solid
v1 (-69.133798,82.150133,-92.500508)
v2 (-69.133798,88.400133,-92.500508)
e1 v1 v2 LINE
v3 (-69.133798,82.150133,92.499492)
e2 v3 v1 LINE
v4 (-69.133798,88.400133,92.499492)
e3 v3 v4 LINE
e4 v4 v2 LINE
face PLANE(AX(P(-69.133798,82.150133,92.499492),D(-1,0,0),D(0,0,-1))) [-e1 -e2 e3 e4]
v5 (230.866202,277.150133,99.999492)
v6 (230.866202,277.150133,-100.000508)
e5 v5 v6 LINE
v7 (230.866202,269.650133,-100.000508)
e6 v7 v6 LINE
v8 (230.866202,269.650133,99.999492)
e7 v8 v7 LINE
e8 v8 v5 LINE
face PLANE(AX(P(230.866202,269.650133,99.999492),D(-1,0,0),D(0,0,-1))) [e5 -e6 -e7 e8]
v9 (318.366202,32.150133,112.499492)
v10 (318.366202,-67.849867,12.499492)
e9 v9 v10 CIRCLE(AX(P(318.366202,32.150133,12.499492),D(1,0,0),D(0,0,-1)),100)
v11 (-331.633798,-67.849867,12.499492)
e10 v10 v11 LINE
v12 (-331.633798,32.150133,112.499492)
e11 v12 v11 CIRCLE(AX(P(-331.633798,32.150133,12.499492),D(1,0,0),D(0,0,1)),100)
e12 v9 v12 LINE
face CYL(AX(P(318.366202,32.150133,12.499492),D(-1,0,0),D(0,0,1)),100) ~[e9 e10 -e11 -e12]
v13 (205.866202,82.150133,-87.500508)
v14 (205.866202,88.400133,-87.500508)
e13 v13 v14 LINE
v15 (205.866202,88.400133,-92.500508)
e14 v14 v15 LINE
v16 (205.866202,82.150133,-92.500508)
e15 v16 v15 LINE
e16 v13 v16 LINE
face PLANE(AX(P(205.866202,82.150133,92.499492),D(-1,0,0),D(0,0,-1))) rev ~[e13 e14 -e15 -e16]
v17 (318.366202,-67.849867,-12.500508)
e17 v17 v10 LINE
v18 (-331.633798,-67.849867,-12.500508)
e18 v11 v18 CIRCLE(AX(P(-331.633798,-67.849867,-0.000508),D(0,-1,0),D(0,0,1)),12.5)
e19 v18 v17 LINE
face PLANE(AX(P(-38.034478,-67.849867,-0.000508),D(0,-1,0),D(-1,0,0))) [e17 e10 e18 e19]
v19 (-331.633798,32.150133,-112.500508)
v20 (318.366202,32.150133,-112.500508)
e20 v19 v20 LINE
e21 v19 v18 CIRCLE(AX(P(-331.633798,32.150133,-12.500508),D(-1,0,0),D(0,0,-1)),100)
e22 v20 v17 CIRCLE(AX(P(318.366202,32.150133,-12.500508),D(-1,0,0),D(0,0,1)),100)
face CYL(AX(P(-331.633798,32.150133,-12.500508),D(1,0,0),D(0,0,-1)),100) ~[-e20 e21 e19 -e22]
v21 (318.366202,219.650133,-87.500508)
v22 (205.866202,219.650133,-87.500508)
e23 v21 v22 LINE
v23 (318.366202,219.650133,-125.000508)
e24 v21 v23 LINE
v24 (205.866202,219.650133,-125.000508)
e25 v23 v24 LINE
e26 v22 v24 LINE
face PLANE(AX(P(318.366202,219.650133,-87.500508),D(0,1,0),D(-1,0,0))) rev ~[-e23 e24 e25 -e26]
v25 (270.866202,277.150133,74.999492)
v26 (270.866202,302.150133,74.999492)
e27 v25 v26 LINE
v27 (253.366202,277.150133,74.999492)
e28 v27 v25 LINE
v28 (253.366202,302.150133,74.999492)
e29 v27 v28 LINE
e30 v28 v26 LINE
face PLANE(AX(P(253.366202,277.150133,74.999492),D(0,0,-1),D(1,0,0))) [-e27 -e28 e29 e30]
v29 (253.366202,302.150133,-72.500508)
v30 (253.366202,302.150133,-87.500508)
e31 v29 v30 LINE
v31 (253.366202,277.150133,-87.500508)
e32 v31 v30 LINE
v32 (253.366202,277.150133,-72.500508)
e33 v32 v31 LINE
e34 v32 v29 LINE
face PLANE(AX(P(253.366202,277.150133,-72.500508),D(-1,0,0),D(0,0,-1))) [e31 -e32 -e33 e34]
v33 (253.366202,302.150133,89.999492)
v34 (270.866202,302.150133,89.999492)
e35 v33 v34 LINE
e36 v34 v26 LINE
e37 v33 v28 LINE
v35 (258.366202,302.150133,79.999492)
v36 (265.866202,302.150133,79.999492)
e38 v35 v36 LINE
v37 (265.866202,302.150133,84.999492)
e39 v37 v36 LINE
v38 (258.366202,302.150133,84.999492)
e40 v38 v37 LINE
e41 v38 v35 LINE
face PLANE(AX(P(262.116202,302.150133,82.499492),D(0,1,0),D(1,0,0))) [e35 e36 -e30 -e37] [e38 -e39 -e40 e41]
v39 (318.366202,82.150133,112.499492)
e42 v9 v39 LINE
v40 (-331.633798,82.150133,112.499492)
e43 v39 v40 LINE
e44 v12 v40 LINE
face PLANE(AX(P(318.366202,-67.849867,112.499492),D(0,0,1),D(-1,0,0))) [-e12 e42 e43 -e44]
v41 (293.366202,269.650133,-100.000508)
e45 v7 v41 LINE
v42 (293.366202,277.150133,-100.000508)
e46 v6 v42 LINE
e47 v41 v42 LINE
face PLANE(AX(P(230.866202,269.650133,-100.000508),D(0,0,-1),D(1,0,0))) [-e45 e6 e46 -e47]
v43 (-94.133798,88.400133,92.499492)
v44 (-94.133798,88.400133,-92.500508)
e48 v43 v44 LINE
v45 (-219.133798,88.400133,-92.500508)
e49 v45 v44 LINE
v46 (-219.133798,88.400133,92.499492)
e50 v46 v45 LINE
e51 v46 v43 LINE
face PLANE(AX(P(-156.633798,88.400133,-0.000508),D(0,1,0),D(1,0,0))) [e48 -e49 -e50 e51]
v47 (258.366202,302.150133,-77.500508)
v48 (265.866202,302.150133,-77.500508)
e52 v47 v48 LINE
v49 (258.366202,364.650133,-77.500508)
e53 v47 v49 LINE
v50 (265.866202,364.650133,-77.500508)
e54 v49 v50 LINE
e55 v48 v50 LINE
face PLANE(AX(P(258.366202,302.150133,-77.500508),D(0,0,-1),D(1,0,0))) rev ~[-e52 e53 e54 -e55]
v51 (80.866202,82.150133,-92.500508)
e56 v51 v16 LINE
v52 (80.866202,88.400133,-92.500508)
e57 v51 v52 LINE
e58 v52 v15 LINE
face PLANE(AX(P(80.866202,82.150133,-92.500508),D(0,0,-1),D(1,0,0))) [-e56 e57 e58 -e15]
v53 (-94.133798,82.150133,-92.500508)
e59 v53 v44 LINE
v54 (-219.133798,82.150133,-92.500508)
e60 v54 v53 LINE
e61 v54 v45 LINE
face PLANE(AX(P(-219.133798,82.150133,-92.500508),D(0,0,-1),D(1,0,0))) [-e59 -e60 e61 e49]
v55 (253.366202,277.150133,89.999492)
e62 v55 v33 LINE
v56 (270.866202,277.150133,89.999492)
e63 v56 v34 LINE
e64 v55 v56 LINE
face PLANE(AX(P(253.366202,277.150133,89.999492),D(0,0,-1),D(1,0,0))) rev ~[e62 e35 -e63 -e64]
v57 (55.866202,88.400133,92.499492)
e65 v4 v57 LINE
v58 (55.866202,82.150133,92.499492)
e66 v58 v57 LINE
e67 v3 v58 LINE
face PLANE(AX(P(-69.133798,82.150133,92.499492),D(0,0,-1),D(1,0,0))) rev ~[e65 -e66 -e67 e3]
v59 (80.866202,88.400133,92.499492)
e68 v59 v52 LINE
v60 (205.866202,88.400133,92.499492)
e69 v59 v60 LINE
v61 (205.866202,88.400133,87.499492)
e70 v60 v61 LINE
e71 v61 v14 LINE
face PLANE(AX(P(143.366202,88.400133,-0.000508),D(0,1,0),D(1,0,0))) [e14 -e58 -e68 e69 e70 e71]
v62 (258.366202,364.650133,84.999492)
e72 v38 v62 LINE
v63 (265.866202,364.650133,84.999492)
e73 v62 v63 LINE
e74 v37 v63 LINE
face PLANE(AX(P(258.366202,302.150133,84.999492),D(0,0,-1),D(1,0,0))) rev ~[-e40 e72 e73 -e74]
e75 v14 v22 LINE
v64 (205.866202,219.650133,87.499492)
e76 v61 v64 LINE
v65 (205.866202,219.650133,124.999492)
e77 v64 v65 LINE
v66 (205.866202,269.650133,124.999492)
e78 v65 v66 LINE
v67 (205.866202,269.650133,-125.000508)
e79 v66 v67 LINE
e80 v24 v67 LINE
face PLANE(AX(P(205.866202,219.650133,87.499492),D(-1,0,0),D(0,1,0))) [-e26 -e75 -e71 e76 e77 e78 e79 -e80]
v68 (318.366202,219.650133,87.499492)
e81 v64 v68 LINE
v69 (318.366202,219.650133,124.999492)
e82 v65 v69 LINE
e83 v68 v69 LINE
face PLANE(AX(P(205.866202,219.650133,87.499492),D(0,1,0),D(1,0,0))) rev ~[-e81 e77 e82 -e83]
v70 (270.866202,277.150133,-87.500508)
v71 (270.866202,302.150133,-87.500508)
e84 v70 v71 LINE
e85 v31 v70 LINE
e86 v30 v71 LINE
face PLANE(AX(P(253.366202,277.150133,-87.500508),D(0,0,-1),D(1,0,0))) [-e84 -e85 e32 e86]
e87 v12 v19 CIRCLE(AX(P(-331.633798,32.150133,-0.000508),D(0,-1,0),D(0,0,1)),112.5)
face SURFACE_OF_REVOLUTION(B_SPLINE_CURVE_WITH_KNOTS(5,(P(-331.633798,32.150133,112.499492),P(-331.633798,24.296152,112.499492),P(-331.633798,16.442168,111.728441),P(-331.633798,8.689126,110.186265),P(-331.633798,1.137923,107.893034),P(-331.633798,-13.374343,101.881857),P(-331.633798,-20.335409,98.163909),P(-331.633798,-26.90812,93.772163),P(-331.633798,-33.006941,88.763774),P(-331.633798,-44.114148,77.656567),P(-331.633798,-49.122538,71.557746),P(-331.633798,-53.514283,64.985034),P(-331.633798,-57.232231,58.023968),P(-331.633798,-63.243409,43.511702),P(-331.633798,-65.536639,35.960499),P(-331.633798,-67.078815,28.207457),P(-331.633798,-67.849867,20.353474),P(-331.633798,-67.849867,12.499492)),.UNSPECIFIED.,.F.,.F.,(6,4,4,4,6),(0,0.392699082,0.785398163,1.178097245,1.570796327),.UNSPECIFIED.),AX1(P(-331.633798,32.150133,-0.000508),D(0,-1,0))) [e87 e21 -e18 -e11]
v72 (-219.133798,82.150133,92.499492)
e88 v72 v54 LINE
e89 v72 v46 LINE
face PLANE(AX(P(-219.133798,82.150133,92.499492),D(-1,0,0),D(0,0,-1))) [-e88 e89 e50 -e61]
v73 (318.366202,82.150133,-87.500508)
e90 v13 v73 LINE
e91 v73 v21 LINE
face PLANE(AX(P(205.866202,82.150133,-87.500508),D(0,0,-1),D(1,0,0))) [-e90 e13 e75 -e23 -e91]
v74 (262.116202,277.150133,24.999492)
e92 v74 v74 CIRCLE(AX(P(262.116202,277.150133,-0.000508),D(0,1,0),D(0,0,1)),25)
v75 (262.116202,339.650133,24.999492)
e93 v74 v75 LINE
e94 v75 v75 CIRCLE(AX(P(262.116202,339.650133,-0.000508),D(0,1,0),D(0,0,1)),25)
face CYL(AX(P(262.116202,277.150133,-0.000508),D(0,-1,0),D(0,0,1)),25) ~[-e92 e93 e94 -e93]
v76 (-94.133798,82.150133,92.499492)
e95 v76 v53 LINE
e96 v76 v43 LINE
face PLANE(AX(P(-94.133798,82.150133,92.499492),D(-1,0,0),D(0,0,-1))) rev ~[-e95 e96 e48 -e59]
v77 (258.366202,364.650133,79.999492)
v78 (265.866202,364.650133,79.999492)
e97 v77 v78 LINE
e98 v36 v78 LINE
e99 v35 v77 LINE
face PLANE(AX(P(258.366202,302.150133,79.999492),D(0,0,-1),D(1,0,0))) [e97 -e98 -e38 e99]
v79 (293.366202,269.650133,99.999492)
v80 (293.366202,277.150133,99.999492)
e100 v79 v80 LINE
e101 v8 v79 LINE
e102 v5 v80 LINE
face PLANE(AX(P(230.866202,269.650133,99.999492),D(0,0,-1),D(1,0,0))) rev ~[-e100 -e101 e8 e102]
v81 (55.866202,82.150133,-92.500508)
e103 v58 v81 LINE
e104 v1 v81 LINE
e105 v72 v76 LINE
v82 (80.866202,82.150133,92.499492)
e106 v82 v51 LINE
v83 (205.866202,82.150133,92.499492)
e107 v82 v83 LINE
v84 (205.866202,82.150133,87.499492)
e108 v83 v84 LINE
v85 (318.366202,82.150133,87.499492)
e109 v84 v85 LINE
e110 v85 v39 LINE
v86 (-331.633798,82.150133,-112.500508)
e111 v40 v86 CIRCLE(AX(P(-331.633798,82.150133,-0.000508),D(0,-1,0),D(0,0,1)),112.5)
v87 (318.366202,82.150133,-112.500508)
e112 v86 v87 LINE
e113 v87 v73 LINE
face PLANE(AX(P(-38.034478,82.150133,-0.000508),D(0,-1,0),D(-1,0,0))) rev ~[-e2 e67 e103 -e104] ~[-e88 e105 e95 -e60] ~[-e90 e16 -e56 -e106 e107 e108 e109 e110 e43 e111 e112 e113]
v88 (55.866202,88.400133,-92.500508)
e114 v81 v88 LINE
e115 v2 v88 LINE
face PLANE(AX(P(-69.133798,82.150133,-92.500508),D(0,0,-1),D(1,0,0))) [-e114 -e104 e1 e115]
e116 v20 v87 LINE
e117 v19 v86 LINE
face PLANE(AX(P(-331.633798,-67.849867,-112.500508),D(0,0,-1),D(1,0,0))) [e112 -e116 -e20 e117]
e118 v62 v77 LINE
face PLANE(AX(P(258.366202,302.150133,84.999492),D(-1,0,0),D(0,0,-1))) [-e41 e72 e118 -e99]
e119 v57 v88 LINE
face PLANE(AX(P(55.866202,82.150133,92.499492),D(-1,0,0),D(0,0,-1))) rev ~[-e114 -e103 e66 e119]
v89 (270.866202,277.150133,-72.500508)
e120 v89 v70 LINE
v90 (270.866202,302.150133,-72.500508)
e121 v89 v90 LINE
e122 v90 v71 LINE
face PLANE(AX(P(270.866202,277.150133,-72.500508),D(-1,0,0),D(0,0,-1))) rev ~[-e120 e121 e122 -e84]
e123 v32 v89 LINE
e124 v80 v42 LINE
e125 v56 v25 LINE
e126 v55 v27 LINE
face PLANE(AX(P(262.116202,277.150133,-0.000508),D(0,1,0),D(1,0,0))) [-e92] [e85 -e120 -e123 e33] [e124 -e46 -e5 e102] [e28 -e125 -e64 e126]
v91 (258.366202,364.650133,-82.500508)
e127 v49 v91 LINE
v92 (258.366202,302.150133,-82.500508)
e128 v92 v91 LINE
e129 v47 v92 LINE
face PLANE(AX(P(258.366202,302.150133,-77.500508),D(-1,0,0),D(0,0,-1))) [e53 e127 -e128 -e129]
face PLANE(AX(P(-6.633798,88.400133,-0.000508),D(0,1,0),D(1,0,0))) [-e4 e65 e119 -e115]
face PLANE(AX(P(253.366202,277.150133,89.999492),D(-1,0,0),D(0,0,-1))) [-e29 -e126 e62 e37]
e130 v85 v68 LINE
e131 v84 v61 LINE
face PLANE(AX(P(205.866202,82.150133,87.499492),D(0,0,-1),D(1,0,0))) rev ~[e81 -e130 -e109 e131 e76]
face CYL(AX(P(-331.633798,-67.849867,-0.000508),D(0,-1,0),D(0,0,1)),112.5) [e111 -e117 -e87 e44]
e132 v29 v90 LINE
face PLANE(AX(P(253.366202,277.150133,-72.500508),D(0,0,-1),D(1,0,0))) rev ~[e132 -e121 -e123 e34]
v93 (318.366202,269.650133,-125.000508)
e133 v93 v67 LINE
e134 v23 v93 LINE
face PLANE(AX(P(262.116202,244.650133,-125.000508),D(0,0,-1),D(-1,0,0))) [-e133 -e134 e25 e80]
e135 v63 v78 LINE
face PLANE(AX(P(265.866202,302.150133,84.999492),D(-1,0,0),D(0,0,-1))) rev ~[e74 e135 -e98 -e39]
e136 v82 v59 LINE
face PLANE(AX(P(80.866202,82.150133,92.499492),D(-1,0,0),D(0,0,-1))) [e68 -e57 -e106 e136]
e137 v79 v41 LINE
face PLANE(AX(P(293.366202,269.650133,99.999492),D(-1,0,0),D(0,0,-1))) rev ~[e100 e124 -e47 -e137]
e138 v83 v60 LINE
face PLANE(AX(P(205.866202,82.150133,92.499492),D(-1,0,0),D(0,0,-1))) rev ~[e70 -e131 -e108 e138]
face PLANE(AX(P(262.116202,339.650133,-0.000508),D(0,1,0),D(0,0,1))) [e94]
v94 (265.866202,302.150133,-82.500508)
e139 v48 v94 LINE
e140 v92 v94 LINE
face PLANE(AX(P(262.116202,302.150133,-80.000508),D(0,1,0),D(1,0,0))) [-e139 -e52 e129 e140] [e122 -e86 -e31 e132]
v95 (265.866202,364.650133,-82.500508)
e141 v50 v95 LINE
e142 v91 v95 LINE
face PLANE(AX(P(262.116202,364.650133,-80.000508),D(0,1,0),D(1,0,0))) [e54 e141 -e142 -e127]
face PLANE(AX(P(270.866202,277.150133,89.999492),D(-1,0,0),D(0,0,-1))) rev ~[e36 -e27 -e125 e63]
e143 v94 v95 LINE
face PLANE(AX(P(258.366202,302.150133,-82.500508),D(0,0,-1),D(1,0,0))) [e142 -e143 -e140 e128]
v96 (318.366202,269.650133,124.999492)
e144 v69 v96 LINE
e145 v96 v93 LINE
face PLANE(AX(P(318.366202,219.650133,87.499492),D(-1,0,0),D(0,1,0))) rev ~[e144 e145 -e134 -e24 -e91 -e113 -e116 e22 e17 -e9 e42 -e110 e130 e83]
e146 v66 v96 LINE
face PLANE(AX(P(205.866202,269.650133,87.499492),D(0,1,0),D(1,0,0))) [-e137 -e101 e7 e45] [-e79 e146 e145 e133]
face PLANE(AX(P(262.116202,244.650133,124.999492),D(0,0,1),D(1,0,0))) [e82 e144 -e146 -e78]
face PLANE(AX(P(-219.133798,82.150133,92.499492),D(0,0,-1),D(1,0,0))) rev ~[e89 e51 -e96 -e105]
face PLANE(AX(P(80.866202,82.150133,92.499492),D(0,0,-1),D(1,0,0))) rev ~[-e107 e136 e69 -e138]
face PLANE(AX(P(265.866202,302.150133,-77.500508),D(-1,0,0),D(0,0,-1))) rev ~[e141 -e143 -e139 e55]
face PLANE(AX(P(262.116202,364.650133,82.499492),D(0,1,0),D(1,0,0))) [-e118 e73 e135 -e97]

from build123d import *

# Parameters (mm, degrees)
SALIENTE_EXTRUIR1_DEPTH  = 60
REDONDEO2_R              = 40
CROQUIS3_W               = 45
CROQUIS3_H               = 70
SALIENTE_EXTRUIR2_DEPTH  = 75
CROQUIS6_W               = 45
CROQUIS6_H               = 20
SALIENTE_EXTRUIR5_DEPTH  = 15
CROQUIS7_W               = 45
CROQUIS7_H               = 20
SALIENTE_EXTRUIR6_DEPTH  = 15
CROQUIS8_W               = 50
CROQUIS8_H               = 74
SALIENTE_EXTRUIR7_DEPTH  = 2.5
CROQUIS9_W               = 25
CROQUIS9_H               = 80
SALIENTE_EXTRUIR8_DEPTH  = 3
CROQUIS10_W              = 7
CROQUIS10_H              = 6
SALIENTE_EXTRUIR9_DEPTH  = 10
CROQUIS12_W              = 3
CROQUIS12_H              = 2
SALIENTE_EXTRUIR10_DEPTH = 25
MATRIZL1_COUNT           = 2
MATRIZL1_PITCH           = 65
CROQUIS13_R              = 10
SALIENTE_EXTRUIR11_DEPTH = 25
ESCALA3_SCALE            = 2.5


with BuildPart() as part:
    # Croquis2 → Saliente-Extruir1 (new body)
    with BuildSketch(Plane(origin=(0, 0, 0), x_dir=(1, 0, 0), z_dir=(0, 1, 0))):
        with BuildLine():
            Line((130, -45), (-130, -45))
            ThreePointArc((-130, -45), (-175, 0), (-130, 45))
            Line((-130, 45), (130, 45))
            Line((130, 45), (130, -45))
        make_face()
    extrude(amount=SALIENTE_EXTRUIR1_DEPTH)

    # Redondeo2
    redondeo2_edges = [part.edges().sort_by_distance(p)[0] for p in [
        (0, 0, -45),
        (0, 0, 45),
        (-175, 0, 0),
    ]]
    fillet(redondeo2_edges, radius=REDONDEO2_R)

    # Croquis3 → Saliente-Extruir2 (add)
    with BuildSketch(Plane(origin=(0, 60, 0), x_dir=(1, 0, 0), z_dir=(0, 1, 0))):
        with Locations((107.5, 0)):
            Rectangle(CROQUIS3_W, CROQUIS3_H)
    extrude(amount=SALIENTE_EXTRUIR2_DEPTH)

    # Croquis6 → Saliente-Extruir5 (add)
    with BuildSketch(Plane(origin=(0, 0, -35), x_dir=(-1, 0, 0), z_dir=(0, 0, -1))):
        with Locations((-107.5, 125)):
            Rectangle(CROQUIS6_W, CROQUIS6_H)
    extrude(amount=SALIENTE_EXTRUIR5_DEPTH)

    # Croquis7 → Saliente-Extruir6 (add)
    with BuildSketch(Plane.XY.offset(35)):
        with Locations((107.5, 125)):
            Rectangle(CROQUIS7_W, CROQUIS7_H)
    extrude(amount=SALIENTE_EXTRUIR6_DEPTH)

    # Croquis8 → Saliente-Extruir7 (add)
    with BuildSketch(Plane(origin=(0, 60, 0), x_dir=(1, 0, 0), z_dir=(0, 1, 0))):
        Rectangle(CROQUIS8_W, CROQUIS8_H)
        with Locations((-60, 0)):
            Rectangle(CROQUIS8_W, CROQUIS8_H)
        with Locations((60, 0)):
            Rectangle(CROQUIS8_W, CROQUIS8_H)
    extrude(amount=SALIENTE_EXTRUIR7_DEPTH)

    # Croquis9 → Saliente-Extruir8 (add)
    with BuildSketch(Plane(origin=(0, 135, 0), x_dir=(1, 0, 0), z_dir=(0, 1, 0))):
        with Locations((107.5, 0)):
            Rectangle(CROQUIS9_W, CROQUIS9_H)
    extrude(amount=SALIENTE_EXTRUIR8_DEPTH)

    # Croquis10 → Saliente-Extruir9 (add)
    with BuildSketch(Plane(origin=(0, 138, 0), x_dir=(1, 0, 0), z_dir=(0, 1, 0))):
        with Locations((107.5, -33)):
            Rectangle(CROQUIS10_W, CROQUIS10_H)
    saliente_extruir9 = extrude(amount=SALIENTE_EXTRUIR9_DEPTH)

    # Croquis12 → Saliente-Extruir10 (add)
    with BuildSketch(Plane(origin=(0, 148, 0), x_dir=(1, 0, 0), z_dir=(0, 1, 0))):
        with Locations((107.5, -33)):
            Rectangle(CROQUIS12_W, CROQUIS12_H)
    saliente_extruir10 = extrude(amount=SALIENTE_EXTRUIR10_DEPTH)

    # MatrizL1: Saliente-Extruir9, Saliente-Extruir10 ×2
    with Locations(*[(0, 0, -i * MATRIZL1_PITCH) for i in range(1, MATRIZL1_COUNT)]):
        add(saliente_extruir9)
        add(saliente_extruir10)

    # Croquis13 → Saliente-Extruir11 (add)
    with BuildSketch(Plane(origin=(0, 138, 0), x_dir=(1, 0, 0), z_dir=(0, 1, 0))):
        with Locations(Location((107.5, 0, 0), (0, 0, 270))):
            Circle(CROQUIS13_R)
    extrude(amount=SALIENTE_EXTRUIR11_DEPTH)


with BuildPart() as part_1:
    # Escala3: scaled about (4.422531692, 45.233244439, 0.000338602)
    add(part.part.scale(ESCALA3_SCALE).moved(Location((-6.633797538, -67.849866659, -0.000507903))))


solid = part_1.part
